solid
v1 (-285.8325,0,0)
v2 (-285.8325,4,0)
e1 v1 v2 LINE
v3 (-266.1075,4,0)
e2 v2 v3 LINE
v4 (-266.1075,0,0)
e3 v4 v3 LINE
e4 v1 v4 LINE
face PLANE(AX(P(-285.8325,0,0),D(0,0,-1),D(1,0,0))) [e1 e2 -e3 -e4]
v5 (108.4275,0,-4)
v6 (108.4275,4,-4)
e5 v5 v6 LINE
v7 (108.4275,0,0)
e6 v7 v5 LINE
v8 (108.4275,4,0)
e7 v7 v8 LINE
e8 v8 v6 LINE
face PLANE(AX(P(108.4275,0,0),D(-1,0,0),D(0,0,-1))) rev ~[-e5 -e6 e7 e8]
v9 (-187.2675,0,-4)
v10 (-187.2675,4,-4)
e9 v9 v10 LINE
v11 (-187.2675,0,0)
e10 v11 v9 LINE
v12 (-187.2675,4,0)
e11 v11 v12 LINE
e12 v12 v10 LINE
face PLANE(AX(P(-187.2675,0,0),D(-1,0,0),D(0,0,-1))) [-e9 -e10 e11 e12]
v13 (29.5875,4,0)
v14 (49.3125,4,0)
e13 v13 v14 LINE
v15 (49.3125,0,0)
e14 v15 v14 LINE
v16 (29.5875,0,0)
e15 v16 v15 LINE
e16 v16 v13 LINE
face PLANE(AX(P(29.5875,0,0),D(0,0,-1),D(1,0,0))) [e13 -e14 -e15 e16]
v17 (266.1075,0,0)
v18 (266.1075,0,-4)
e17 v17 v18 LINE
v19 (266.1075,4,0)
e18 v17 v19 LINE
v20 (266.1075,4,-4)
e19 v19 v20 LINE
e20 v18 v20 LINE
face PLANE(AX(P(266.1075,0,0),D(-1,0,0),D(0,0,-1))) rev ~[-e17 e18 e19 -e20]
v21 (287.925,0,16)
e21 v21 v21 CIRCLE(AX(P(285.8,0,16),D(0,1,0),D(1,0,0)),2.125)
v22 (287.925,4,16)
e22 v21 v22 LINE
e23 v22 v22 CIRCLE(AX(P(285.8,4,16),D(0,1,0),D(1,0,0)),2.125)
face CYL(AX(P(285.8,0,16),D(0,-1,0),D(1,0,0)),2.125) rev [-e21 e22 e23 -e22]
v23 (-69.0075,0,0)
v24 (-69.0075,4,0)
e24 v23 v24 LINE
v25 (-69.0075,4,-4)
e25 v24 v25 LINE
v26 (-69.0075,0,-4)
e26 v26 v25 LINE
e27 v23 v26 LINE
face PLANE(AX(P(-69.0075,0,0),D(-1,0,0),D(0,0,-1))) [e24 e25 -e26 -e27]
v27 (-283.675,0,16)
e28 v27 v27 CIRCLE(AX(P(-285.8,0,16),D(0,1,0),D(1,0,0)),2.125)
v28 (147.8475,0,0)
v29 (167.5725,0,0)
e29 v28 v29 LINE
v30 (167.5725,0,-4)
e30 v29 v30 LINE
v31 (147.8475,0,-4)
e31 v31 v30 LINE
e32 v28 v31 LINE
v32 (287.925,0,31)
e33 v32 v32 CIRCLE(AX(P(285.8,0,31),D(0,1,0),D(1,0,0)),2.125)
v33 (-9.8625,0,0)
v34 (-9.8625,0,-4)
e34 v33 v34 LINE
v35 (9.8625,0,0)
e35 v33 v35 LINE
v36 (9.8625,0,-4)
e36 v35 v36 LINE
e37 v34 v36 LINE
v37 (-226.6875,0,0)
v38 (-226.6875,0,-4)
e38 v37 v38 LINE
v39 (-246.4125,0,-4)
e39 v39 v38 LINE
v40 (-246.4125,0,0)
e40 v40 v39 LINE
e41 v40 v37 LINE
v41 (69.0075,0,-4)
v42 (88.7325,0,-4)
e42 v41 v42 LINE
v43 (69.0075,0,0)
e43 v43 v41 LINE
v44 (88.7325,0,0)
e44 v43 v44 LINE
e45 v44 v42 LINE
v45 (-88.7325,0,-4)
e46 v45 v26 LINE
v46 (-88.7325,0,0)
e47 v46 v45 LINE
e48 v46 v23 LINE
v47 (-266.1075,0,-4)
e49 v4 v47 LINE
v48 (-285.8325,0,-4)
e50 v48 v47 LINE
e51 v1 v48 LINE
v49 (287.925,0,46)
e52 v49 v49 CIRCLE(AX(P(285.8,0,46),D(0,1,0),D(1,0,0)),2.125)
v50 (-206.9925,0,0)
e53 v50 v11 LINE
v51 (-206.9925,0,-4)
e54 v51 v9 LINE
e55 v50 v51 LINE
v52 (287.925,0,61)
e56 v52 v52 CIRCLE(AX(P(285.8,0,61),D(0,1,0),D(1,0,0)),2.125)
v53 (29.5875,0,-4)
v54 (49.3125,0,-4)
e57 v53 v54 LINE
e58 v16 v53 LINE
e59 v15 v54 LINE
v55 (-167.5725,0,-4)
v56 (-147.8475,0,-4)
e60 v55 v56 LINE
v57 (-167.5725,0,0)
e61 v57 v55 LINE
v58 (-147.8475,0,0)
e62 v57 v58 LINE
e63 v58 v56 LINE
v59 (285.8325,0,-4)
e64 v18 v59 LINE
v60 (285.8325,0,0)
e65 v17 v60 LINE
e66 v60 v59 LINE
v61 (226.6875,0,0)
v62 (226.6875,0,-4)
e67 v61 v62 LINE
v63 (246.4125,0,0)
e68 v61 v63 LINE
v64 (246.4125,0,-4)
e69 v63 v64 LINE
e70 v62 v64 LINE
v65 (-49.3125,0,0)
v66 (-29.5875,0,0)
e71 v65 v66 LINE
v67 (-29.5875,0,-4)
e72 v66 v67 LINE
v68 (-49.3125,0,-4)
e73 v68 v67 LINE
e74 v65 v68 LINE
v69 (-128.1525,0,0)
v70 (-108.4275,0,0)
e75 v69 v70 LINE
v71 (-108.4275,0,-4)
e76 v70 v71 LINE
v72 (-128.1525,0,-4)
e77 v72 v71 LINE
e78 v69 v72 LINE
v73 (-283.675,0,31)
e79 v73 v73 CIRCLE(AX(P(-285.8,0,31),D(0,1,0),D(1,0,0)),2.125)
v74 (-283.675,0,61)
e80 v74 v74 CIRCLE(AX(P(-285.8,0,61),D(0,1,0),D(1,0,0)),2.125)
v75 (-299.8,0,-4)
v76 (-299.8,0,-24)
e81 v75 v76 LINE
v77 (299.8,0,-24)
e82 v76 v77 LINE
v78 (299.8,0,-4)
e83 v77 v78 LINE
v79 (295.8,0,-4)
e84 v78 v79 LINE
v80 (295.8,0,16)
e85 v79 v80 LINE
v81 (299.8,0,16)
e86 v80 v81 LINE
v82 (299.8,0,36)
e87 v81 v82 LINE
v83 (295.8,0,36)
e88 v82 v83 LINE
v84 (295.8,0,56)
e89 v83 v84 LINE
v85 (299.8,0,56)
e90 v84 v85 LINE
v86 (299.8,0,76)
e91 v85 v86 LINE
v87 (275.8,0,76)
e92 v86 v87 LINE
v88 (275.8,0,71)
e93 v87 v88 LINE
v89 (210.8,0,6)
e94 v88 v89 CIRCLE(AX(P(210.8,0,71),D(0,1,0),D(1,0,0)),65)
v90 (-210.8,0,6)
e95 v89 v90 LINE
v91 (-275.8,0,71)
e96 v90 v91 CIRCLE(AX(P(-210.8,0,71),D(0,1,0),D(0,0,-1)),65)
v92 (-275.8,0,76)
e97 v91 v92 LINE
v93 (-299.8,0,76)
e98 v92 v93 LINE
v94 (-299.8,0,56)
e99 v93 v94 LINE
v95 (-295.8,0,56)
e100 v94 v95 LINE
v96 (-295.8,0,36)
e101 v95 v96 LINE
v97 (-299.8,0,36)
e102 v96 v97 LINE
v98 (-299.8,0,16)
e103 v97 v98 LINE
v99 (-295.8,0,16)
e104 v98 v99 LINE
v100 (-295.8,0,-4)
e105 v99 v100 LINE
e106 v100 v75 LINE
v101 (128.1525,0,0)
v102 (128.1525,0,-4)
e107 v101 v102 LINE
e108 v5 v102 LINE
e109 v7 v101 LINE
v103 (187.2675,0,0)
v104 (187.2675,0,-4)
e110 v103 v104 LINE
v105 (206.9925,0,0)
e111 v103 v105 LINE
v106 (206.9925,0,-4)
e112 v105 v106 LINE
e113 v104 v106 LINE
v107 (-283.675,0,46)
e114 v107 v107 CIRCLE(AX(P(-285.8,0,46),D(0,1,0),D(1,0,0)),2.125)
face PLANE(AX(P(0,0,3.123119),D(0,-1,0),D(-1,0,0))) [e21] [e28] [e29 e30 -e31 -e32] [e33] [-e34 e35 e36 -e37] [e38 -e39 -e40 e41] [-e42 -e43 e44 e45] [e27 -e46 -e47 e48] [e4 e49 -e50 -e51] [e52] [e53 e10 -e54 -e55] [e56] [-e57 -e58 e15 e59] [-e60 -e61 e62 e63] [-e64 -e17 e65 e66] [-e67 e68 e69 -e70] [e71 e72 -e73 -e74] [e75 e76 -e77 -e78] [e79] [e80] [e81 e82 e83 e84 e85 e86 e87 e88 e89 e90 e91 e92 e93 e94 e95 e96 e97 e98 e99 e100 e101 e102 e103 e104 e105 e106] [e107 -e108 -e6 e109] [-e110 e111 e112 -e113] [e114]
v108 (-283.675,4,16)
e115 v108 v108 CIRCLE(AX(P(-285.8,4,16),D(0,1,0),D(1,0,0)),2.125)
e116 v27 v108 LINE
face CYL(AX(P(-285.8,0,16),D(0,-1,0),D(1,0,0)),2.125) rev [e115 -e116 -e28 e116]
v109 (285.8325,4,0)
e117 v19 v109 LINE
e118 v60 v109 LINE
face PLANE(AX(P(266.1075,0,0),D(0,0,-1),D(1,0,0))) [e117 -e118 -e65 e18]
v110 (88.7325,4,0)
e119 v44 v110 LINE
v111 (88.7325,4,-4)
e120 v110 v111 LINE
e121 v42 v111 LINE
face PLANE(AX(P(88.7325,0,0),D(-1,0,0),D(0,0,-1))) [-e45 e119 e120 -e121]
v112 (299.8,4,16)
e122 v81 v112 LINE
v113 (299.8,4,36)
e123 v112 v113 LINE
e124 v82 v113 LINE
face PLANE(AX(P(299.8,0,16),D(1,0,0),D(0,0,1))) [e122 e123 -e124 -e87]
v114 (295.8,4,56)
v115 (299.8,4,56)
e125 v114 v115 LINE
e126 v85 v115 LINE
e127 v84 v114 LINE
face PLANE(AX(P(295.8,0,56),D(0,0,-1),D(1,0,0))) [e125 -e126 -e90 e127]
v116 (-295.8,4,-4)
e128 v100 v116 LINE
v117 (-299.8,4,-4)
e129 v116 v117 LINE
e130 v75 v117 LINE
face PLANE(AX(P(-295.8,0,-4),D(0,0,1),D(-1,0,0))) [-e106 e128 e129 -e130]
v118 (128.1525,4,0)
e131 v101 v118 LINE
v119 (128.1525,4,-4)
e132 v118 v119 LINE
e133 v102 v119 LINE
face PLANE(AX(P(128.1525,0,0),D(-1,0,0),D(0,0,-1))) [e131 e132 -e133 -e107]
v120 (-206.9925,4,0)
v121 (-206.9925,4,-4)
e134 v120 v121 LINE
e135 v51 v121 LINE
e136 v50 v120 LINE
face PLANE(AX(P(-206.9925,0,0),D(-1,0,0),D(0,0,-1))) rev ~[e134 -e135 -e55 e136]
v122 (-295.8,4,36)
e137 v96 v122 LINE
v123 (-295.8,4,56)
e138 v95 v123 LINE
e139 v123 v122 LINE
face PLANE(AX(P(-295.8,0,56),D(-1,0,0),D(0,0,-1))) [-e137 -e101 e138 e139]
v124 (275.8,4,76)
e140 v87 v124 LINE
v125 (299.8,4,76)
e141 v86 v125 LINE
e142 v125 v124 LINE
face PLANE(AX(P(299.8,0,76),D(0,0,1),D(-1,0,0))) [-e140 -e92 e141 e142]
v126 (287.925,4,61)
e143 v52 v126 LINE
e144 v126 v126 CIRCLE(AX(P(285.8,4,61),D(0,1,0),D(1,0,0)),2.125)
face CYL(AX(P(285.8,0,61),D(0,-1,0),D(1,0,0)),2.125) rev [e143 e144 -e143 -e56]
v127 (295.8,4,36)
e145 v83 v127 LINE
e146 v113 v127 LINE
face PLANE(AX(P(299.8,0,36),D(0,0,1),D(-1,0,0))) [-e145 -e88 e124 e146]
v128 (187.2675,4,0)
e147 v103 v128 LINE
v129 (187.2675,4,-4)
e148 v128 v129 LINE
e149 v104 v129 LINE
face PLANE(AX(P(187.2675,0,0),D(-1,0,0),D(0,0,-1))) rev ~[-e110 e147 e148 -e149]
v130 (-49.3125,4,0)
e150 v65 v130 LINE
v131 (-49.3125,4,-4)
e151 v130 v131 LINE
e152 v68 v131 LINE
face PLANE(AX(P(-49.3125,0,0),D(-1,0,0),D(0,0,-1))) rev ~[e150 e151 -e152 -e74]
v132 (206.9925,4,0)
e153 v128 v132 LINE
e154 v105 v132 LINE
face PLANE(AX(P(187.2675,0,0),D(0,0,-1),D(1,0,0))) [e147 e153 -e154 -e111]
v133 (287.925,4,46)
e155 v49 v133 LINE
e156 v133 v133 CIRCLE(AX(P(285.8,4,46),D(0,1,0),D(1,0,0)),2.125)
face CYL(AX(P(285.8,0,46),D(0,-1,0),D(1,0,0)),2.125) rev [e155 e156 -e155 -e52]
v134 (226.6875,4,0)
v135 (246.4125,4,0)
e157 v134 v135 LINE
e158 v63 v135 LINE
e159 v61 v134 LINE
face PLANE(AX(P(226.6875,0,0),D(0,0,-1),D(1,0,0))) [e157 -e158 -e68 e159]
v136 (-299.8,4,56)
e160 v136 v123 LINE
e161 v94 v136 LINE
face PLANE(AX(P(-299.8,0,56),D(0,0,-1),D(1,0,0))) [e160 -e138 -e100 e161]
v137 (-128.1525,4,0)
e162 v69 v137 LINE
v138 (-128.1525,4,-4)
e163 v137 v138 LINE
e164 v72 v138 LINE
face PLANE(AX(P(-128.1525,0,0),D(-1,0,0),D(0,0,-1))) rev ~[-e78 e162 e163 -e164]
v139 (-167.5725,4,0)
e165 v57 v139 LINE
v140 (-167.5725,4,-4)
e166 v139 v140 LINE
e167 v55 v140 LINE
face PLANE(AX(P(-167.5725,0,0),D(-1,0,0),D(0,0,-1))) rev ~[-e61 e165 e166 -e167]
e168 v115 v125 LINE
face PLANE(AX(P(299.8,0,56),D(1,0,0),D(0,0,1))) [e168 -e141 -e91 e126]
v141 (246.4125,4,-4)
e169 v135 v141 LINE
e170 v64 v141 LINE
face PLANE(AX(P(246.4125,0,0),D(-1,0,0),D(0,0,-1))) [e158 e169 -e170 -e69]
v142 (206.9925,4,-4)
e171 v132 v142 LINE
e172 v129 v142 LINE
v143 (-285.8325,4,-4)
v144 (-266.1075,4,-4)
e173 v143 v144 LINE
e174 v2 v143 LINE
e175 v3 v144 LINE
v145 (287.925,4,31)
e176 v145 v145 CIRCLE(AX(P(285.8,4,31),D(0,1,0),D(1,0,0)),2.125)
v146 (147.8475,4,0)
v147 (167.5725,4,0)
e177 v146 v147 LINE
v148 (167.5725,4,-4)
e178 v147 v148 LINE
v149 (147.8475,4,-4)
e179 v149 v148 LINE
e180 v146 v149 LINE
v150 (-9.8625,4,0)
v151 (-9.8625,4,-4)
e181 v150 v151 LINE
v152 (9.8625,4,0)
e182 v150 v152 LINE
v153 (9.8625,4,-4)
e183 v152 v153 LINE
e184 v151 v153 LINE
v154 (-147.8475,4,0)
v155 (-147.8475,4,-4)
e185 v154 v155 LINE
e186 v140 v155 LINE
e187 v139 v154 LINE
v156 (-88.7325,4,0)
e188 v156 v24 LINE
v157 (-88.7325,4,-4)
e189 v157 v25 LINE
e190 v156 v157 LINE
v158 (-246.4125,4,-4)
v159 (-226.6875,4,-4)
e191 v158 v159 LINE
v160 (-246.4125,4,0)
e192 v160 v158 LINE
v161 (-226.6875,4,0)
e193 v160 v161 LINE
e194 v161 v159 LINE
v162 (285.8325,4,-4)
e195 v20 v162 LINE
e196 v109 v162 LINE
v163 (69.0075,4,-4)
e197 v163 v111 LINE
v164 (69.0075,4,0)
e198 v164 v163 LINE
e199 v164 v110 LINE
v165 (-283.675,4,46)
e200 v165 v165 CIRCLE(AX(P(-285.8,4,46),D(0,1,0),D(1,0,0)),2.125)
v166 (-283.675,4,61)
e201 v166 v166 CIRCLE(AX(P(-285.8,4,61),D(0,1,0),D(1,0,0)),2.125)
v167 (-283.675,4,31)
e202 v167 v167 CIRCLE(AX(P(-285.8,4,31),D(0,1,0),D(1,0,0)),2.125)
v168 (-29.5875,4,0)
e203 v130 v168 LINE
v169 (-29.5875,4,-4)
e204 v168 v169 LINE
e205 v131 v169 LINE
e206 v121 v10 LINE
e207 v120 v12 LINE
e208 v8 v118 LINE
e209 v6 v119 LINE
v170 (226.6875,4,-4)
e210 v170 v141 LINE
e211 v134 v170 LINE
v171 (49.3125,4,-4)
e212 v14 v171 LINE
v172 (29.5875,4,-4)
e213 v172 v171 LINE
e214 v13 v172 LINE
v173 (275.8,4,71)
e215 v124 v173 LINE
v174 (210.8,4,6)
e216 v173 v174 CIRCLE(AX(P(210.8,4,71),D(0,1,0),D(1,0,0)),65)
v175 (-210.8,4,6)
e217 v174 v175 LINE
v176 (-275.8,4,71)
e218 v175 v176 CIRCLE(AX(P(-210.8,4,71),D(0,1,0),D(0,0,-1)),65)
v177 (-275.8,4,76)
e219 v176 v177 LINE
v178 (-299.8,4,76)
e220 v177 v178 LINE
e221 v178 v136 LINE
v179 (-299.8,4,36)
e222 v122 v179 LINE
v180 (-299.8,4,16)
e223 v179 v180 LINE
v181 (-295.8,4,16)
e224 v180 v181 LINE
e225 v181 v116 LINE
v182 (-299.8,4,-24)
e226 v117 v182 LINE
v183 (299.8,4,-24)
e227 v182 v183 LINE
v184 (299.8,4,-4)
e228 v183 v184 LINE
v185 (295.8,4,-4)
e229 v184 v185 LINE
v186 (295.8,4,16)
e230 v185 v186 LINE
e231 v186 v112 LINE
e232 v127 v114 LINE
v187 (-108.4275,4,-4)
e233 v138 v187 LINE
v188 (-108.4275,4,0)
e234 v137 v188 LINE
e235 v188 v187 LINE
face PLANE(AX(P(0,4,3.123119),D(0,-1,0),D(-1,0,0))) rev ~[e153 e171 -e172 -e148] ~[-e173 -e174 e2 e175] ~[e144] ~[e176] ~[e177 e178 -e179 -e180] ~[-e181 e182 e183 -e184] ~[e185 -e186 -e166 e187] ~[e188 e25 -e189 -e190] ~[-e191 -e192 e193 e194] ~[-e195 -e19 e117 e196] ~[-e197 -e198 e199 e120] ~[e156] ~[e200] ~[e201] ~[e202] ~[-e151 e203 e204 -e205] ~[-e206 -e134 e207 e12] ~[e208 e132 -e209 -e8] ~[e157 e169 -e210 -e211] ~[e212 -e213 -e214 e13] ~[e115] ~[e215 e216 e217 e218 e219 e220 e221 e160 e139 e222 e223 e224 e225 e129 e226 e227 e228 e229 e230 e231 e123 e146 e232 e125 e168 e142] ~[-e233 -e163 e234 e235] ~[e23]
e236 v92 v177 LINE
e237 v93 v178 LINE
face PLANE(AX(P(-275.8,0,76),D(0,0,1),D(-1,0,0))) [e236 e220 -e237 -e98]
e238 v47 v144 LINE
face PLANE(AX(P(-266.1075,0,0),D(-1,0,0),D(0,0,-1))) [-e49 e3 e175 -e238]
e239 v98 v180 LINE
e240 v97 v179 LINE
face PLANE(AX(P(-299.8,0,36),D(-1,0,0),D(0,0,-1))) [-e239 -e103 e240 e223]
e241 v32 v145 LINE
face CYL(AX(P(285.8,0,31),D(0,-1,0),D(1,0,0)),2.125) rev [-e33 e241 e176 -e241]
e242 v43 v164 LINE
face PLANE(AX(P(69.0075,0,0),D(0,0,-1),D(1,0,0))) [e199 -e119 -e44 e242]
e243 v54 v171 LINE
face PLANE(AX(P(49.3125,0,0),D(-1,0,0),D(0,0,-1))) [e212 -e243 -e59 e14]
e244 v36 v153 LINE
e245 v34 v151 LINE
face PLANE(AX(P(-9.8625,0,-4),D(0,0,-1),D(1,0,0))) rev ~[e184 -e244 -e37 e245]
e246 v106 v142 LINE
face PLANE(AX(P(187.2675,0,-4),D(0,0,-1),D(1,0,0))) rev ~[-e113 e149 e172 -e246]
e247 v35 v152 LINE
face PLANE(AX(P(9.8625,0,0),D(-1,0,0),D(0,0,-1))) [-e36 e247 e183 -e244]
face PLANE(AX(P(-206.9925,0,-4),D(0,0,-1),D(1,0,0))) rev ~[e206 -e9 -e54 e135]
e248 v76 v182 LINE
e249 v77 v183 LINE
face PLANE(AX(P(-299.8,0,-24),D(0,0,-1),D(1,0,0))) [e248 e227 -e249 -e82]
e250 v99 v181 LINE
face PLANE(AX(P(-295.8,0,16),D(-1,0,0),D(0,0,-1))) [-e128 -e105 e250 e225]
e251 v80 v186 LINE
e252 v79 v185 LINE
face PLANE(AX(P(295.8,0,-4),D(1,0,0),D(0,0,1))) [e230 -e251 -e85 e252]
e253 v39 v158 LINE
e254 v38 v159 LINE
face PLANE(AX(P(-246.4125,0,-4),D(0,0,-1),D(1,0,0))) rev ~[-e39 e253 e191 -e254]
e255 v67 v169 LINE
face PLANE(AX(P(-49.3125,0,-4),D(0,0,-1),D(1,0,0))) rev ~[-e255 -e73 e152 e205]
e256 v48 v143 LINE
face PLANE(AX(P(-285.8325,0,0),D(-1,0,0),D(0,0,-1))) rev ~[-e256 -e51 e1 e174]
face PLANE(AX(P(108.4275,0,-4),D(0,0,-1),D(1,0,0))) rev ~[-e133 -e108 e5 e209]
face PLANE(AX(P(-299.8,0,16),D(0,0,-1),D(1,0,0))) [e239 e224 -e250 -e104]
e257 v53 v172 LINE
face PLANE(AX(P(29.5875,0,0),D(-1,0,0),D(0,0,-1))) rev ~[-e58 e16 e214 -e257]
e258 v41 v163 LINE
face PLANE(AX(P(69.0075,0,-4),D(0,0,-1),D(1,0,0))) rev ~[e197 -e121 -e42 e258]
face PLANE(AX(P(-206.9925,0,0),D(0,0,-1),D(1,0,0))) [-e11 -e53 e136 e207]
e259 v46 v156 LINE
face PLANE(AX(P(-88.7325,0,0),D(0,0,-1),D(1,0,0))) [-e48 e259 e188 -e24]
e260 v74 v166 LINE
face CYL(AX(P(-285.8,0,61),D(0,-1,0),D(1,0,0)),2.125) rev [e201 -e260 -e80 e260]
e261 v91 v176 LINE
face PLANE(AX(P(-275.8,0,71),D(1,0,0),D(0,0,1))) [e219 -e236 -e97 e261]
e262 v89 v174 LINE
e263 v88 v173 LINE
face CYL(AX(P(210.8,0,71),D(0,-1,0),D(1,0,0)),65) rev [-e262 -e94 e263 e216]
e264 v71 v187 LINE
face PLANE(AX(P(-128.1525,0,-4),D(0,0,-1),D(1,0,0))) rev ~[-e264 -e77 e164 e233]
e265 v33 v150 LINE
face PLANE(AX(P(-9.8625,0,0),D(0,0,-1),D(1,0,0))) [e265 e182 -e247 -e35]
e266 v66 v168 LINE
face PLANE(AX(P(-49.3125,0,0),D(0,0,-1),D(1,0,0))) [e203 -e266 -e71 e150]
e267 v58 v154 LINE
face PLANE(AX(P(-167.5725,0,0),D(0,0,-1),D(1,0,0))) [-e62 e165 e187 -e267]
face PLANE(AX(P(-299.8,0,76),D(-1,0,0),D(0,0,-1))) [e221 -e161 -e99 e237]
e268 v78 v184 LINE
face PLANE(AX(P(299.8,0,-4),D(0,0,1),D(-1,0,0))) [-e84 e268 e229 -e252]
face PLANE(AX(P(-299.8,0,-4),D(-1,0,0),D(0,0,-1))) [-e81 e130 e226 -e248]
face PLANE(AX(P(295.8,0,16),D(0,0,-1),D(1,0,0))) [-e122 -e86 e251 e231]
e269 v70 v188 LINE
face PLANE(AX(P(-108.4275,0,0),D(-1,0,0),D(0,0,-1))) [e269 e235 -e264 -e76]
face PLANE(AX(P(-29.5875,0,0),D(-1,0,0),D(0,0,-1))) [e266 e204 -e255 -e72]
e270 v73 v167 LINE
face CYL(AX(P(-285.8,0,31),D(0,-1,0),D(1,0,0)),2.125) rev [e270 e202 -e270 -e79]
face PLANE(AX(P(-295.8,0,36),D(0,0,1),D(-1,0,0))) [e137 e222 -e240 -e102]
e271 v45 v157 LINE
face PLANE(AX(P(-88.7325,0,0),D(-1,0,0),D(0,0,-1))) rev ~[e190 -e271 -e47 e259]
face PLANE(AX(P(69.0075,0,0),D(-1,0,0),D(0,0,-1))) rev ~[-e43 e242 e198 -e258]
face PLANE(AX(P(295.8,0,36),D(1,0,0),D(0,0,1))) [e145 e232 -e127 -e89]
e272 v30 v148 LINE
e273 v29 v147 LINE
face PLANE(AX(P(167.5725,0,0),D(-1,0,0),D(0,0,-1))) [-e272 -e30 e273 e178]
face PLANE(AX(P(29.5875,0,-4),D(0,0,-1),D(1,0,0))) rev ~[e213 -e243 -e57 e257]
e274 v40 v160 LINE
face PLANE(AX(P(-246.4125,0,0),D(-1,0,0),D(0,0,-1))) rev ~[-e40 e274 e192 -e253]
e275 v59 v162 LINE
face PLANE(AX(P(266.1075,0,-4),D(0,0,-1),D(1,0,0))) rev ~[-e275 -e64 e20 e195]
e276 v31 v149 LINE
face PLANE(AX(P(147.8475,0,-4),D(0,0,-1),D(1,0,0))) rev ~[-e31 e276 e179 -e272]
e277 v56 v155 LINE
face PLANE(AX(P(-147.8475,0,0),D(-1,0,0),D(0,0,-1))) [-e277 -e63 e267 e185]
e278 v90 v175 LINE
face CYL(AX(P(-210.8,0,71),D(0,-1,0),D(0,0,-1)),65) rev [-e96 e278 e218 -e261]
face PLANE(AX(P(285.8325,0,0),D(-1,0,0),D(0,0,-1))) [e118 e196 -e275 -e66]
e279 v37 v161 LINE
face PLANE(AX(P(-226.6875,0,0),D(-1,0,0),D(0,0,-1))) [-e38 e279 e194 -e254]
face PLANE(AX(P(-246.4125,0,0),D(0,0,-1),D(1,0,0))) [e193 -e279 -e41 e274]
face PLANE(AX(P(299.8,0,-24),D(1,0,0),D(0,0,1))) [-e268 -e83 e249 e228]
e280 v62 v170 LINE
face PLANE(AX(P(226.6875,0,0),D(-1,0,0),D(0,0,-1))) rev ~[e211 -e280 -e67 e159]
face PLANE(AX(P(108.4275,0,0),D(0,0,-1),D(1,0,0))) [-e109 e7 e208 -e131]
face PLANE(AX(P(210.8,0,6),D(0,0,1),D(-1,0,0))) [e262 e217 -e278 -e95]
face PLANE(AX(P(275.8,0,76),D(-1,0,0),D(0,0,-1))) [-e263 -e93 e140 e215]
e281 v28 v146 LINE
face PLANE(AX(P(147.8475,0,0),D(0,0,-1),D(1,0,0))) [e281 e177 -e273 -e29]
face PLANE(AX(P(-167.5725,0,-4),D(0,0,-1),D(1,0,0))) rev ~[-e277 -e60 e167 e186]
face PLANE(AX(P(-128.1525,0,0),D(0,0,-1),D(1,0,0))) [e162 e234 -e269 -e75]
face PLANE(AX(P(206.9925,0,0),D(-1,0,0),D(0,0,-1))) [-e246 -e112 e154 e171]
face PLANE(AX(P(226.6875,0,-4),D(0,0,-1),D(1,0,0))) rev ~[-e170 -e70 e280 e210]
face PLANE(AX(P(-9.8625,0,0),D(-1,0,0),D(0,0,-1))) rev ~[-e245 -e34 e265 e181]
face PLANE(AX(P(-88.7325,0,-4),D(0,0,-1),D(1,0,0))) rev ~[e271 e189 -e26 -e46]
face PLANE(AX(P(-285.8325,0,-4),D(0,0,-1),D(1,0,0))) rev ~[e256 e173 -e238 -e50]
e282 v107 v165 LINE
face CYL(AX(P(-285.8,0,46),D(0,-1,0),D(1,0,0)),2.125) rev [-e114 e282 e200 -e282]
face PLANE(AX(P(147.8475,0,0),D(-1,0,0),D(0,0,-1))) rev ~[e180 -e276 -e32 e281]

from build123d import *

# Parameters (mm, degrees)
SKETCH1_R           = 2.125
SKETCH1_W           = 19.725
SKETCH1_H           = 4
BOSS_EXTRUDE1_DEPTH = 4


with BuildPart() as part:
    # Sketch1 → Boss-Extrude1 (new body)
    with BuildSketch(Plane(origin=(0, 0, 0), x_dir=(1, 0, 0), z_dir=(0, 1, 0))):
        with BuildLine():
            Line((299.8, 24), (299.8, 4))
            Line((299.8, 4), (295.8, 4))
            Line((295.8, 4), (295.8, -16))
            Line((295.8, -16), (299.8, -16))
            Line((299.8, -16), (299.8, -36))
            Line((299.8, -36), (295.8, -36))
            Line((295.8, -36), (295.8, -56))
            Line((295.8, -56), (299.8, -56))
            Line((299.8, -56), (299.8, -76))
            Line((299.8, -76), (275.8, -76))
            Line((275.8, -76), (275.8, -71))
            ThreePointArc((275.8, -71), (256.761940777, -25.038059223), (210.8, -6))
            Line((210.8, -6), (-210.8, -6))
            ThreePointArc((-210.8, -6), (-256.761940777, -25.038059223), (-275.8, -71))
            Line((-275.8, -71), (-275.8, -76))
            Line((-275.8, -76), (-299.8, -76))
            Line((-299.8, -76), (-299.8, -56))
            Line((-299.8, -56), (-295.8, -56))
            Line((-295.8, -56), (-295.8, -36))
            Line((-295.8, -36), (-299.8, -36))
            Line((-299.8, -36), (-299.8, -16))
            Line((-299.8, -16), (-295.8, -16))
            Line((-295.8, -16), (-295.8, 4))
            Line((-295.8, 4), (-299.8, 4))
            Line((-299.8, 4), (-299.8, 24))
            Line((-299.8, 24), (299.8, 24))
        make_face()
        with Locations((285.8, -61)):
            Circle(SKETCH1_R, mode=Mode.SUBTRACT)
        with Locations((285.8, -46)):
            Circle(SKETCH1_R, mode=Mode.SUBTRACT)
        with Locations((-285.8, -46)):
            Circle(SKETCH1_R, mode=Mode.SUBTRACT)
        with Locations((-285.8, -61)):
            Circle(SKETCH1_R, mode=Mode.SUBTRACT)
        with Locations((285.8, -16)):
            Circle(SKETCH1_R, mode=Mode.SUBTRACT)
        with Locations((285.8, -31)):
            Circle(SKETCH1_R, mode=Mode.SUBTRACT)
        with Locations((-285.8, -31)):
            Circle(SKETCH1_R, mode=Mode.SUBTRACT)
        with Locations((-285.8, -16)):
            Circle(SKETCH1_R, mode=Mode.SUBTRACT)
        with Locations((0, 2)):
            Rectangle(SKETCH1_W, SKETCH1_H, mode=Mode.SUBTRACT)
        with Locations((39.45, 2)):
            Rectangle(SKETCH1_W, SKETCH1_H, mode=Mode.SUBTRACT)
        with Locations((78.87, 2)):
            Rectangle(SKETCH1_W, SKETCH1_H, mode=Mode.SUBTRACT)
        with Locations((118.29, 2)):
            Rectangle(SKETCH1_W, SKETCH1_H, mode=Mode.SUBTRACT)
        with Locations((157.71, 2)):
            Rectangle(SKETCH1_W, SKETCH1_H, mode=Mode.SUBTRACT)
        with Locations((197.13, 2)):
            Rectangle(SKETCH1_W, SKETCH1_H, mode=Mode.SUBTRACT)
        with Locations((236.55, 2)):
            Rectangle(SKETCH1_W, SKETCH1_H, mode=Mode.SUBTRACT)
        with Locations((275.97, 2)):
            Rectangle(SKETCH1_W, SKETCH1_H, mode=Mode.SUBTRACT)
        with Locations((-275.97, 2)):
            Rectangle(SKETCH1_W, SKETCH1_H, mode=Mode.SUBTRACT)
        with Locations((-236.55, 2)):
            Rectangle(SKETCH1_W, SKETCH1_H, mode=Mode.SUBTRACT)
        with Locations((-197.13, 2)):
            Rectangle(SKETCH1_W, SKETCH1_H, mode=Mode.SUBTRACT)
        with Locations((-157.71, 2)):
            Rectangle(SKETCH1_W, SKETCH1_H, mode=Mode.SUBTRACT)
        with Locations((-118.29, 2)):
            Rectangle(SKETCH1_W, SKETCH1_H, mode=Mode.SUBTRACT)
        with Locations((-78.87, 2)):
            Rectangle(SKETCH1_W, SKETCH1_H, mode=Mode.SUBTRACT)
        with Locations((-39.45, 2)):
            Rectangle(SKETCH1_W, SKETCH1_H, mode=Mode.SUBTRACT)
    extrude(amount=BOSS_EXTRUDE1_DEPTH)


solid = part.part
